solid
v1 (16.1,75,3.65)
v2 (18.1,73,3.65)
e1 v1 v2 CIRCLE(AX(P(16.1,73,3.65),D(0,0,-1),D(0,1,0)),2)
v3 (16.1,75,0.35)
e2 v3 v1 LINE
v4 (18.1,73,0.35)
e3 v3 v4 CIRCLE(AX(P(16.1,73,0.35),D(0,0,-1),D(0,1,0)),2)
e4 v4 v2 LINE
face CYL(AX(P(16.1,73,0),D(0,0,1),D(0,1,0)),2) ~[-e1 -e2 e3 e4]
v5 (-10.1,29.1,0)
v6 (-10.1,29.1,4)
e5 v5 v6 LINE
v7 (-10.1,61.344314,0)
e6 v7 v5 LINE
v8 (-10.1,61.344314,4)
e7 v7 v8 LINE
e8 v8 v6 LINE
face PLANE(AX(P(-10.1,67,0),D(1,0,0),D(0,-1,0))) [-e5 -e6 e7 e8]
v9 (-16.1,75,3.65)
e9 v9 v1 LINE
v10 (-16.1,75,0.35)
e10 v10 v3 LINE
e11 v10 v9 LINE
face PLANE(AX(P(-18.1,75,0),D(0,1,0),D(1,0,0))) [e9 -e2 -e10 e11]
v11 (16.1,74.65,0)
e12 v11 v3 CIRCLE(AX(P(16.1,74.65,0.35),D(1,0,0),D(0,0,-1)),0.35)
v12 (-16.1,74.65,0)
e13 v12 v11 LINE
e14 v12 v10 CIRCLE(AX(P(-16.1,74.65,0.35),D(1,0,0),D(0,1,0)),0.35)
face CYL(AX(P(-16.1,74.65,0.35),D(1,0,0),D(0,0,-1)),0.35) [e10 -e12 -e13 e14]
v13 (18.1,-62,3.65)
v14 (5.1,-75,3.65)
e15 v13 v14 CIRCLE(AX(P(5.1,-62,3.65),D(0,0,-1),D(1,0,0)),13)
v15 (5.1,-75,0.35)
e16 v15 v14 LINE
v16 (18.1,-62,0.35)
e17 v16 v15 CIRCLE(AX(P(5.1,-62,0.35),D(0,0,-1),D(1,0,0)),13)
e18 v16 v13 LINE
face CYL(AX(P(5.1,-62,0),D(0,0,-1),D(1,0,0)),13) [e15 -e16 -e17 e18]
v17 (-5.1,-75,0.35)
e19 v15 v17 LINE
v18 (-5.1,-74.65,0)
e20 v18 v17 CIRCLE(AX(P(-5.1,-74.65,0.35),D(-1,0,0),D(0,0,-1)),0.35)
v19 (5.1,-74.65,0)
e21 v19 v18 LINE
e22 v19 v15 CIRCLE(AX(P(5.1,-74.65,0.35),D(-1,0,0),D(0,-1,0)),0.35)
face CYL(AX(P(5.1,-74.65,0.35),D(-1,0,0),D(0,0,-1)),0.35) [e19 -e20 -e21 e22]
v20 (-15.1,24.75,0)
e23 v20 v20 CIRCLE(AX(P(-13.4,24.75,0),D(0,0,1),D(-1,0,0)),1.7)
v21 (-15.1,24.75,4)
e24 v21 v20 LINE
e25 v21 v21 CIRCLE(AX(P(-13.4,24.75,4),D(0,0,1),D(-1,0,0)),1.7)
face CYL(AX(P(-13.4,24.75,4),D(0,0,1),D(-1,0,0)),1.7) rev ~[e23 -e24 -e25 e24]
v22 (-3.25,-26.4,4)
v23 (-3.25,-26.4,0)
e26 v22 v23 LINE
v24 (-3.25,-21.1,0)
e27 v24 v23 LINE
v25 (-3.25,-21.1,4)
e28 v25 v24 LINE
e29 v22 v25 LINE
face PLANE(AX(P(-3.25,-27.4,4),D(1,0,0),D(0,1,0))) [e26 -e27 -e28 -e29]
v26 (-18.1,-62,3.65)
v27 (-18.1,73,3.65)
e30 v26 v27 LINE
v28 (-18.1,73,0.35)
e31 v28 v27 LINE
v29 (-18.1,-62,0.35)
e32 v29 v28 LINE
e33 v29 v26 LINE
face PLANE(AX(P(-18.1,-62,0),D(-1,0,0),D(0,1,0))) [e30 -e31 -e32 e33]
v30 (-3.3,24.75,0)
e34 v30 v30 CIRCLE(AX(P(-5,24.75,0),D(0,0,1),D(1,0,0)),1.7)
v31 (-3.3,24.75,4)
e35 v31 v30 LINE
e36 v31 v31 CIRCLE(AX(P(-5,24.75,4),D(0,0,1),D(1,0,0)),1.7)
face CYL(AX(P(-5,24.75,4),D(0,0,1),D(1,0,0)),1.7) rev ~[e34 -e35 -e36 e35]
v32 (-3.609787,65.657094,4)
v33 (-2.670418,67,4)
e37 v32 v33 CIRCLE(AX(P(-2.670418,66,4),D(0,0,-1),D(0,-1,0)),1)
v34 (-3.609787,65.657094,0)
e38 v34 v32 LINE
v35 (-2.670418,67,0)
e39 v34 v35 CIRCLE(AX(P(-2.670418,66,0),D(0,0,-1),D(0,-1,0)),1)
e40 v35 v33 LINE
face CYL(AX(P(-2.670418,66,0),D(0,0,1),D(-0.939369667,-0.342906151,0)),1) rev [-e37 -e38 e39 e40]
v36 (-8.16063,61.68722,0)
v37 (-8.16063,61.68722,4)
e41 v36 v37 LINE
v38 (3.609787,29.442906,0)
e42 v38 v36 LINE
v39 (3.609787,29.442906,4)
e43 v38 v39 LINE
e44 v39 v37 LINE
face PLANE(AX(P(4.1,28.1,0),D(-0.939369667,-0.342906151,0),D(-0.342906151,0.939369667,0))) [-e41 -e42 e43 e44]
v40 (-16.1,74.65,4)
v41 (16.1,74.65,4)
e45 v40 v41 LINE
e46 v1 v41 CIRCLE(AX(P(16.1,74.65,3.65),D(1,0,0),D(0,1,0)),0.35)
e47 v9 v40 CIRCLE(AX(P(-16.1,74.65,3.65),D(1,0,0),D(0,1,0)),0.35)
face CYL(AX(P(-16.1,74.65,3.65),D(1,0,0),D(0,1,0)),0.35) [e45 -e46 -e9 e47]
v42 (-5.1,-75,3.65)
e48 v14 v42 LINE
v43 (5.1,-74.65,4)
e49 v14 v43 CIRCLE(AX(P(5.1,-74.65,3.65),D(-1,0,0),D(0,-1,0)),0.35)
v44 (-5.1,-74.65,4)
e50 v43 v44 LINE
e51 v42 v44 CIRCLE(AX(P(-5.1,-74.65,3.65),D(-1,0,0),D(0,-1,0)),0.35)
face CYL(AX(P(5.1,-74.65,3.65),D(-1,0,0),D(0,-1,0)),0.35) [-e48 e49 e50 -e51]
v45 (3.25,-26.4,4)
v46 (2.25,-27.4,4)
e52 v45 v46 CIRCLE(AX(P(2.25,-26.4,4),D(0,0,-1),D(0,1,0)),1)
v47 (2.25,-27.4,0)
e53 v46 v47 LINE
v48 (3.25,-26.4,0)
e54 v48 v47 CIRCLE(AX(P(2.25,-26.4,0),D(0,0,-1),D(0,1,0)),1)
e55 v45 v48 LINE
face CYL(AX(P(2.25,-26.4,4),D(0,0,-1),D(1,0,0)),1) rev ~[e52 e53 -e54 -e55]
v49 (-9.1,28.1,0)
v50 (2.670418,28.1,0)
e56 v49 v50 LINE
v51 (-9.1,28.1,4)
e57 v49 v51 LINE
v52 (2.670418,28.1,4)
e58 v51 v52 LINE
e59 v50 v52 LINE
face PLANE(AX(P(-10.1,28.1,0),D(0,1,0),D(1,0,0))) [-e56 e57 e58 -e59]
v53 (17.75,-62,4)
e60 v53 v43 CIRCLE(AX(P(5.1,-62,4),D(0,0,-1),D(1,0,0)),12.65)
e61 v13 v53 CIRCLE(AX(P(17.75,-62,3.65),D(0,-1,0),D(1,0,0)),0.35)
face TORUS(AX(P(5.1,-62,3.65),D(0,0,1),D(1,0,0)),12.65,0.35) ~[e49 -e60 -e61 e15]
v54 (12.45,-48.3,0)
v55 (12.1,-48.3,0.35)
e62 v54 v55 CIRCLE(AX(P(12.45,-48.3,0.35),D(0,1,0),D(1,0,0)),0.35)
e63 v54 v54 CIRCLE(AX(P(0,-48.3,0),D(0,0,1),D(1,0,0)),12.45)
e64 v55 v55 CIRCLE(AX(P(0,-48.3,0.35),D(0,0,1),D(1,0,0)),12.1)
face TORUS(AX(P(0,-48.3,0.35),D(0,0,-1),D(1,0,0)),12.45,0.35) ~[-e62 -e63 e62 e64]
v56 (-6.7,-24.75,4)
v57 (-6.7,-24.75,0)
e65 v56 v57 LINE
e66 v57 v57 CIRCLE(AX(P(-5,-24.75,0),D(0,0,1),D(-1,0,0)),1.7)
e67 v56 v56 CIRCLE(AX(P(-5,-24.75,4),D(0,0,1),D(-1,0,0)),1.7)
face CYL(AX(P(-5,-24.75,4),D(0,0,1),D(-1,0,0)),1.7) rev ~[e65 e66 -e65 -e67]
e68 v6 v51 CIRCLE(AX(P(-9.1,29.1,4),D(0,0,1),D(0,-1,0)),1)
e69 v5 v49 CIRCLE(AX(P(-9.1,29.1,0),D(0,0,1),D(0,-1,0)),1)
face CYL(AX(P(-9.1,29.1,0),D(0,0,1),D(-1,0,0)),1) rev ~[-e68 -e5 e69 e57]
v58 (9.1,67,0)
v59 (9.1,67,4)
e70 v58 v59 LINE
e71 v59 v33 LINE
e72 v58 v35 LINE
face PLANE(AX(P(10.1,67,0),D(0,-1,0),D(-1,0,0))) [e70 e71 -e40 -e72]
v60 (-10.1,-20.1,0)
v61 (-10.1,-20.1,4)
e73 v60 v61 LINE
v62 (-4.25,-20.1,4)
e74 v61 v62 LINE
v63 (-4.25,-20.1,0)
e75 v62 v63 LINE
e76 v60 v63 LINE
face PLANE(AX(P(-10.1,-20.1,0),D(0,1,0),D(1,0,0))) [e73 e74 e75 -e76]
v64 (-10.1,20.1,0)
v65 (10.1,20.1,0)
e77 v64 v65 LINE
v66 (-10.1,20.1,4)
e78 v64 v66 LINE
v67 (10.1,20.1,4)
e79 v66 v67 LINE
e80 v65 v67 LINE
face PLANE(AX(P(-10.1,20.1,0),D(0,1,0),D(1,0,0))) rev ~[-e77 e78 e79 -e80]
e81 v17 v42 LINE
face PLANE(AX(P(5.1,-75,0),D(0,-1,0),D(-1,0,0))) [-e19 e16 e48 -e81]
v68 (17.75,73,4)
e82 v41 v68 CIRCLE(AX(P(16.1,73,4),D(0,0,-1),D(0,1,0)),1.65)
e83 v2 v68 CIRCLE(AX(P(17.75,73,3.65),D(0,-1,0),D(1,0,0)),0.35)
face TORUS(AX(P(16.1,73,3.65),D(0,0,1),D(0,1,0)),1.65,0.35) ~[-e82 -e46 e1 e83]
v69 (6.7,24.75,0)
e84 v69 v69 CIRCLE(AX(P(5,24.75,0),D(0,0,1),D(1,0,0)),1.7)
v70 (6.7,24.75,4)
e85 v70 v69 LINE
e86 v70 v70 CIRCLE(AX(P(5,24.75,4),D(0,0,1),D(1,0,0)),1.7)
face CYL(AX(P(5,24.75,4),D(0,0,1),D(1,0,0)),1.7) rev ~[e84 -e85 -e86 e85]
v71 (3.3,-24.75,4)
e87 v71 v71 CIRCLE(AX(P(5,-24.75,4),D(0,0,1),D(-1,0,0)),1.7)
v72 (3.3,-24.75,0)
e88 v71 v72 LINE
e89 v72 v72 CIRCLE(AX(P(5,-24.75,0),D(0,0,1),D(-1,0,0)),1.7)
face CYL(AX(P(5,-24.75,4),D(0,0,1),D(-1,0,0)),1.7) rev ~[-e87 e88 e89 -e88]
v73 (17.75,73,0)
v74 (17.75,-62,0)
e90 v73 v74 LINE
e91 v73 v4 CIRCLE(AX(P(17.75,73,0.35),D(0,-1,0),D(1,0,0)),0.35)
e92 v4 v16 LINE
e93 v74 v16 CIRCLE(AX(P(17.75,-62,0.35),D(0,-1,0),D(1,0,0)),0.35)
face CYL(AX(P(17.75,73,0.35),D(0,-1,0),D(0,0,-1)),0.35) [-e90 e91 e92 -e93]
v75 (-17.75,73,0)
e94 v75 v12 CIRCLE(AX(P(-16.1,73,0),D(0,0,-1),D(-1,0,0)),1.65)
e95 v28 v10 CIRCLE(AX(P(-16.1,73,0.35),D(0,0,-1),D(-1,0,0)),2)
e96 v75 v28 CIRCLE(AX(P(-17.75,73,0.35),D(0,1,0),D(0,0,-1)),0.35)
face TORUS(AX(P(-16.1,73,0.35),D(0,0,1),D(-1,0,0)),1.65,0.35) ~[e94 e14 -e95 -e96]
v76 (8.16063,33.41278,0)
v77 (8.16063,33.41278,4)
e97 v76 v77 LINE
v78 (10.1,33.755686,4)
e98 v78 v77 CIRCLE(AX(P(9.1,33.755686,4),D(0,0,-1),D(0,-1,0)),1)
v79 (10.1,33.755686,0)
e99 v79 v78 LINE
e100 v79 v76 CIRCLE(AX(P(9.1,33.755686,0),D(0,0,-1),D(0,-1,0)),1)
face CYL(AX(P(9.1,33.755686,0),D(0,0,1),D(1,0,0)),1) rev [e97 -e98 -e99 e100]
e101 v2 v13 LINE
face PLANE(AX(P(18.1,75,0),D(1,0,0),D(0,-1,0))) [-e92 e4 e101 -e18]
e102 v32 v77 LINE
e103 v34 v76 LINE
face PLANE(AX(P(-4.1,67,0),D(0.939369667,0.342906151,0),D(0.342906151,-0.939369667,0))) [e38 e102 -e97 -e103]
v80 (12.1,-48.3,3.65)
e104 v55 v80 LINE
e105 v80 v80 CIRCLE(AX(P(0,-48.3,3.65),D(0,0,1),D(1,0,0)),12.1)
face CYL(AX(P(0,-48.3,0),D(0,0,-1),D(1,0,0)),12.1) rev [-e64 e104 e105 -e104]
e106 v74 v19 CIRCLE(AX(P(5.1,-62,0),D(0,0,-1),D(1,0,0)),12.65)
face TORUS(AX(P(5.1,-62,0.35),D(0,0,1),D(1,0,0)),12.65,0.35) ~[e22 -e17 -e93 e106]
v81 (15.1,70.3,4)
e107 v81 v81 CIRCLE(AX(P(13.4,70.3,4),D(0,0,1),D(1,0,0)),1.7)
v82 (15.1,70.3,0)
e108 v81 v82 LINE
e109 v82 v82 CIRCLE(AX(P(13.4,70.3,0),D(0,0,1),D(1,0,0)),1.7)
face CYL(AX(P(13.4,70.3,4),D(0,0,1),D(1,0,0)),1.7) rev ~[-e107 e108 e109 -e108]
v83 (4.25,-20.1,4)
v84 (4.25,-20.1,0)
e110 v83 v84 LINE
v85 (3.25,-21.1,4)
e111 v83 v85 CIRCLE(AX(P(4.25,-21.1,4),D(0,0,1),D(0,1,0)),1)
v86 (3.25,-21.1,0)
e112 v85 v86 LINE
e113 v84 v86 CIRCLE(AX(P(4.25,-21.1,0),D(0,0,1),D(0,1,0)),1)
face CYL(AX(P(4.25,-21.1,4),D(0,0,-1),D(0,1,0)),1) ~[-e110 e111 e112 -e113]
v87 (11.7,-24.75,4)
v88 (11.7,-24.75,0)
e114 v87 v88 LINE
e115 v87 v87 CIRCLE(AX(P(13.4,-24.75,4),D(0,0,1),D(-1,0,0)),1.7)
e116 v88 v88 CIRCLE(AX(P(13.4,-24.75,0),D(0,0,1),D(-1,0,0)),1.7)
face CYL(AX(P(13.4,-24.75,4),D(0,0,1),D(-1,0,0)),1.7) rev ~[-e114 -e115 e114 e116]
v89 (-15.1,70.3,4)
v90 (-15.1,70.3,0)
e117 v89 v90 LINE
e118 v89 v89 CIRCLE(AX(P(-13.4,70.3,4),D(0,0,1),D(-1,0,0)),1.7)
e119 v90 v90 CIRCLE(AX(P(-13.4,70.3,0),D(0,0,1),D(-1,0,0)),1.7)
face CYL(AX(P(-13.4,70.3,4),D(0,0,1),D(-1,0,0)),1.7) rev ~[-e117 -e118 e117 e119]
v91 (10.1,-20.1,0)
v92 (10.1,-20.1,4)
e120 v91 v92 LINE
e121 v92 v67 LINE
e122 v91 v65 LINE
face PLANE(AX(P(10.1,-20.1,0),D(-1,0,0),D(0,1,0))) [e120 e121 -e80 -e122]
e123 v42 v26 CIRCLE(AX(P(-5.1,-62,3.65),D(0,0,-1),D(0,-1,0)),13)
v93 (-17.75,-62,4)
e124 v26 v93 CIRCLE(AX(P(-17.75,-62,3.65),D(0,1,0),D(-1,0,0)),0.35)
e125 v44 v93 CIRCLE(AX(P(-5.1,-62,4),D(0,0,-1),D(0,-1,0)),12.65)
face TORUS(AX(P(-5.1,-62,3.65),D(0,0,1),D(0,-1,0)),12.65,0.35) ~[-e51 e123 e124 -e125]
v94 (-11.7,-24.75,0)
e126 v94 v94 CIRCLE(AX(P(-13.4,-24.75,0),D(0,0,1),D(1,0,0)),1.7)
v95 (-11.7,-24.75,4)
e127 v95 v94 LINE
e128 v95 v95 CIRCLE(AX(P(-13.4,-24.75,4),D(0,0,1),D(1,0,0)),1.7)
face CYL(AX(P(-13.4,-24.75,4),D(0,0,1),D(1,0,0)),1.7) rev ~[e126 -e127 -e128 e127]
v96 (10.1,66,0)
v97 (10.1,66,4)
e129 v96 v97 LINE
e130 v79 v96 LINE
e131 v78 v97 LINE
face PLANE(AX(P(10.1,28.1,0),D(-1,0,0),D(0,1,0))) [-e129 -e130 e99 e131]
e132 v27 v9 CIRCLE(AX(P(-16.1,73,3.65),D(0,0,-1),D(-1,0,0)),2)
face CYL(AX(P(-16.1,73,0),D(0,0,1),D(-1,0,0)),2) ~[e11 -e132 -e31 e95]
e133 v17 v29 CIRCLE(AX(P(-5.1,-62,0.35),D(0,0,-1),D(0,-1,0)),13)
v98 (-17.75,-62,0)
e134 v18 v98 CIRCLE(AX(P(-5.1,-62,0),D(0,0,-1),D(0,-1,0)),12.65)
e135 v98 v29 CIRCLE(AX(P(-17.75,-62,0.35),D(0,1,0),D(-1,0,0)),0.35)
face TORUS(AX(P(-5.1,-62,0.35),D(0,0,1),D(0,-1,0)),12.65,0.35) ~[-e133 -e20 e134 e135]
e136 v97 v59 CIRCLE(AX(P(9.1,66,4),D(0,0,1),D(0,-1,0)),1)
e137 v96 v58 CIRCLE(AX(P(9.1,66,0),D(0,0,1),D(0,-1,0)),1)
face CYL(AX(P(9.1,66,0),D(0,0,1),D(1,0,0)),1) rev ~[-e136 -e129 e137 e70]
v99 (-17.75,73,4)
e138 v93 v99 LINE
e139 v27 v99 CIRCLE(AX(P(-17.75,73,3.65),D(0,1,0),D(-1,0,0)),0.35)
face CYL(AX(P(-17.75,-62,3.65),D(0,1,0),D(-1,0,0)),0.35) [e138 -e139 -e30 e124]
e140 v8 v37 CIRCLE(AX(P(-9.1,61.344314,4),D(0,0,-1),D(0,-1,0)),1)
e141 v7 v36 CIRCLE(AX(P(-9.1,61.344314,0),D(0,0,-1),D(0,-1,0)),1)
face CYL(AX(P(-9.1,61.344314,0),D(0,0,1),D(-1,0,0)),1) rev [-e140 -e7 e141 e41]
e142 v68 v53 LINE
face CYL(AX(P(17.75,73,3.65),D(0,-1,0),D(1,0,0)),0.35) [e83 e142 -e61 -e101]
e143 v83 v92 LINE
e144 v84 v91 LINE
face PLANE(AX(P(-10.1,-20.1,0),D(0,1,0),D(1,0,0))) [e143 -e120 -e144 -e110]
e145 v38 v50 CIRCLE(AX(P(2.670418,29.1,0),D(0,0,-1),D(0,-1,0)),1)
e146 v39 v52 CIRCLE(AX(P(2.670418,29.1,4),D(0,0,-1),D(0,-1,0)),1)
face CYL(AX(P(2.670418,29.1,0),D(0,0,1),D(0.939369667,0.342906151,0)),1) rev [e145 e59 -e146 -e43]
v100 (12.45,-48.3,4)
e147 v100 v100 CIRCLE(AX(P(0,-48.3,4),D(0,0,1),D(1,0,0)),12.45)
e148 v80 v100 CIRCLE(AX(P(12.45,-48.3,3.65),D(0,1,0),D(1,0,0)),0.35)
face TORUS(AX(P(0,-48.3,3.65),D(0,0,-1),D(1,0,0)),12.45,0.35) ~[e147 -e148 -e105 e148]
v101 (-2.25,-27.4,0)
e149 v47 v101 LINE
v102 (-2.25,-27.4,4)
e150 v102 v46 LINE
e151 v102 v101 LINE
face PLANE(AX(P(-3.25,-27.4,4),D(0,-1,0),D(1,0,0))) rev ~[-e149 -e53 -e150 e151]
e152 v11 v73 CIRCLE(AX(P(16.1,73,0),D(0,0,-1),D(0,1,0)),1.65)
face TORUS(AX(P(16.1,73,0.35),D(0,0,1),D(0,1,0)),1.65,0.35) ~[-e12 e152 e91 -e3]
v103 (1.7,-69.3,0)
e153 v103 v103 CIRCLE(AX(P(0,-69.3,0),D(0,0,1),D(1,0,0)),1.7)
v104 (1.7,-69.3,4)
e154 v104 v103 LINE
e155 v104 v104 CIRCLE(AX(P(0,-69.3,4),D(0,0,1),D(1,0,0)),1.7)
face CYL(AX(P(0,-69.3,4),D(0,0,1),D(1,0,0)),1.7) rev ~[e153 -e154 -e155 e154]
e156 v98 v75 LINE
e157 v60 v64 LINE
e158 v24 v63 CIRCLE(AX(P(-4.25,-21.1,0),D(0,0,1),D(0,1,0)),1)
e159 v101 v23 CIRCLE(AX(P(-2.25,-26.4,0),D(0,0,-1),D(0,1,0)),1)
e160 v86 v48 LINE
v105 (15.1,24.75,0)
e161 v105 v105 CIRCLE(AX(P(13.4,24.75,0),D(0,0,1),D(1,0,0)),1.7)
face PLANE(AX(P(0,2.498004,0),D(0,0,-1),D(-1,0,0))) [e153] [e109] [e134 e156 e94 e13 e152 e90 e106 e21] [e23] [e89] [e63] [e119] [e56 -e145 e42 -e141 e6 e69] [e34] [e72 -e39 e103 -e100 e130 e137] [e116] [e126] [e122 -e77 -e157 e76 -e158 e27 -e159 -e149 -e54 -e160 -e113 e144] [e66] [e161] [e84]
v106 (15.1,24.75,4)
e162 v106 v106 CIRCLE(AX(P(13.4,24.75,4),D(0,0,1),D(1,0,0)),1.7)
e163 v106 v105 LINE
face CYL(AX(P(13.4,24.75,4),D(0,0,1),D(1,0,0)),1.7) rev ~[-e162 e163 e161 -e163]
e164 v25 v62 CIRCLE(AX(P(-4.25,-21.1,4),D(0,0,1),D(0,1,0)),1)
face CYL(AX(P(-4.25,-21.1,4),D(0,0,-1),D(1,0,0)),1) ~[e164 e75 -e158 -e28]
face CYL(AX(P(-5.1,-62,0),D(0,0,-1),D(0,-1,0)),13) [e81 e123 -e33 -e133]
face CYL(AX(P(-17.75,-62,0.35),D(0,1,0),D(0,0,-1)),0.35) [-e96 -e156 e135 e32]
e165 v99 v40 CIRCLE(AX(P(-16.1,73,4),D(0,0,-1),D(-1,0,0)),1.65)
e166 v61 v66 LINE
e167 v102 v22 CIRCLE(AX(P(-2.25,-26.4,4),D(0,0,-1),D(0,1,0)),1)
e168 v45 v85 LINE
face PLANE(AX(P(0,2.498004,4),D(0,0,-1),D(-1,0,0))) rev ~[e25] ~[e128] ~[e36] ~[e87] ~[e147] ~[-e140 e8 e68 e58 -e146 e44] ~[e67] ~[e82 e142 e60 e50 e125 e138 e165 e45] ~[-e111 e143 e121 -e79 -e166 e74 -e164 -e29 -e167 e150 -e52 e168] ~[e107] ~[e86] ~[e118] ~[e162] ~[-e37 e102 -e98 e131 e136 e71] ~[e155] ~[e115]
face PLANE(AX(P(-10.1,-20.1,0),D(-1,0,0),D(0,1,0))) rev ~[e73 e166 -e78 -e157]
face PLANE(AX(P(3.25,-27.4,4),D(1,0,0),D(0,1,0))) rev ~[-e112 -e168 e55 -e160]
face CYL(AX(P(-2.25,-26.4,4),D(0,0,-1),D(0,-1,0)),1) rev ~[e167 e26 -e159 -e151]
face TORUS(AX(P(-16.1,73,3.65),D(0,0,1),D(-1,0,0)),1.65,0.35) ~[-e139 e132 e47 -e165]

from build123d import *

# Parameters (mm, degrees)
SKETCH1_R          = 12.1
SKETCH1_W          = 20.2
SKETCH1_H          = 40.2
BASE_PLATE_DEPTH   = 4
FILLET1_R          = 1
FILLET2_R          = 2
SKETCH2_R          = 1.7
CUT_EXTRUDE1_DEPTH = 78.256779638
SKETCH5_W          = 6.5
SKETCH5_H          = 7.3
CUT_EXTRUDE3_DEPTH = 78.256779638
FILLET4_R          = 1
FILLET5_R          = 0.35


with BuildPart() as part:
    # Sketch1 → Base Plate (new body)
    with BuildSketch(Plane.XY):
        with BuildLine():
            Line((-18.1, -62), (-18.1, 75))
            Line((-18.1, 75), (18.1, 75))
            Line((18.1, 75), (18.1, -62))
            ThreePointArc((18.1, -62), (14.292388155, -71.192388155), (5.1, -75))
            Line((5.1, -75), (-5.1, -75))
            ThreePointArc((-5.1, -75), (-14.292388155, -71.192388155), (-18.1, -62))
        make_face()
        with Locations((0, -48.3)):
            Circle(SKETCH1_R, mode=Mode.SUBTRACT)
        Polygon((-10.1, 28.1), (4.1, 28.1), (-10.1, 67), align=None, mode=Mode.SUBTRACT)
        Rectangle(SKETCH1_W, SKETCH1_H, mode=Mode.SUBTRACT)
        Polygon((10.1, 67), (-4.1, 67), (10.1, 28.1), align=None, mode=Mode.SUBTRACT)
    extrude(amount=BASE_PLATE_DEPTH)

    # Fillet1
    fillet1_edges = [part.edges().sort_by_distance(p)[0] for p in [
        (-4.1, 67, 2),
        (10.1, 67, 2),
        (-10.1, 67, 2),
        (-10.1, 28.1, 2),
        (4.1, 28.1, 2),
        (10.1, 28.1, 2),
    ]]
    fillet(fillet1_edges, radius=FILLET1_R)

    # Fillet2
    fillet2_edges = [part.edges().sort_by_distance(p)[0] for p in [
        (-18.1, 75, 2),
        (18.1, 75, 2),
    ]]
    fillet(fillet2_edges, radius=FILLET2_R)

    # Sketch2 → Cut-Extrude1 (cut, through all)
    with BuildSketch(Plane.XY.offset(4)):
        with Locations((5, 24.75)):
            Circle(SKETCH2_R)
        with Locations((-5, 24.75)):
            Circle(SKETCH2_R)
        with Locations((-5, -24.75)):
            Circle(SKETCH2_R)
        with Locations((5, -24.75)):
            Circle(SKETCH2_R)
        with Locations((13.4, 24.75)):
            Circle(SKETCH2_R)
        with Locations((-13.4, 24.75)):
            Circle(SKETCH2_R)
        with Locations((13.4, -24.75)):
            Circle(SKETCH2_R)
        with Locations((-13.4, -24.75)):
            Circle(SKETCH2_R)
        with Locations((13.4, 70.3)):
            Circle(SKETCH2_R)
        with Locations((-13.4, 70.3)):
            Circle(SKETCH2_R)
        with Locations((0, -69.3)):
            Circle(SKETCH2_R)
    extrude(amount=-CUT_EXTRUDE1_DEPTH, mode=Mode.SUBTRACT)

    # Sketch5 → Cut-Extrude3 (cut, through all)
    with BuildSketch(Plane.XY.offset(4)):
        with Locations((0, -23.75)):
            Rectangle(SKETCH5_W, SKETCH5_H)
    extrude(amount=-CUT_EXTRUDE3_DEPTH, mode=Mode.SUBTRACT)

    # Fillet4
    fillet4_edges = [part.edges().sort_by_distance(p)[0] for p in [
        (3.25, -27.4, 2),
        (-3.25, -27.4, 2),
        (3.25, -20.1, 2),
        (-3.25, -20.1, 2),
    ]]
    fillet(fillet4_edges, radius=FILLET4_R)

    # Fillet5
    fillet5_edges = [part.edges().sort_by_distance(p)[0] for p in [
        (-17.514213562, 74.414213562, 4),
        (0, 75, 4),
        (17.514213562, 74.414213562, 4),
        (18.1, 5.5, 4),
        (14.292388155, -71.192388155, 4),
        (0, -75, 4),
        (-14.292388155, -71.192388155, 4),
        (-18.1, 5.5, 0),
        (-17.514213562, 74.414213562, 0),
        (0, 75, 0),
        (17.514213562, 74.414213562, 0),
        (18.1, 5.5, 0),
        (14.292388155, -71.192388155, 0),
        (0, -75, 0),
        (-18.1, 5.5, 4),
        (-14.292388155, -71.192388155, 0),
        (-12.1, -48.3, 0),
        (-12.1, -48.3, 4),
    ]]
    fillet(fillet5_edges, radius=FILLET5_R)


solid = part.part
